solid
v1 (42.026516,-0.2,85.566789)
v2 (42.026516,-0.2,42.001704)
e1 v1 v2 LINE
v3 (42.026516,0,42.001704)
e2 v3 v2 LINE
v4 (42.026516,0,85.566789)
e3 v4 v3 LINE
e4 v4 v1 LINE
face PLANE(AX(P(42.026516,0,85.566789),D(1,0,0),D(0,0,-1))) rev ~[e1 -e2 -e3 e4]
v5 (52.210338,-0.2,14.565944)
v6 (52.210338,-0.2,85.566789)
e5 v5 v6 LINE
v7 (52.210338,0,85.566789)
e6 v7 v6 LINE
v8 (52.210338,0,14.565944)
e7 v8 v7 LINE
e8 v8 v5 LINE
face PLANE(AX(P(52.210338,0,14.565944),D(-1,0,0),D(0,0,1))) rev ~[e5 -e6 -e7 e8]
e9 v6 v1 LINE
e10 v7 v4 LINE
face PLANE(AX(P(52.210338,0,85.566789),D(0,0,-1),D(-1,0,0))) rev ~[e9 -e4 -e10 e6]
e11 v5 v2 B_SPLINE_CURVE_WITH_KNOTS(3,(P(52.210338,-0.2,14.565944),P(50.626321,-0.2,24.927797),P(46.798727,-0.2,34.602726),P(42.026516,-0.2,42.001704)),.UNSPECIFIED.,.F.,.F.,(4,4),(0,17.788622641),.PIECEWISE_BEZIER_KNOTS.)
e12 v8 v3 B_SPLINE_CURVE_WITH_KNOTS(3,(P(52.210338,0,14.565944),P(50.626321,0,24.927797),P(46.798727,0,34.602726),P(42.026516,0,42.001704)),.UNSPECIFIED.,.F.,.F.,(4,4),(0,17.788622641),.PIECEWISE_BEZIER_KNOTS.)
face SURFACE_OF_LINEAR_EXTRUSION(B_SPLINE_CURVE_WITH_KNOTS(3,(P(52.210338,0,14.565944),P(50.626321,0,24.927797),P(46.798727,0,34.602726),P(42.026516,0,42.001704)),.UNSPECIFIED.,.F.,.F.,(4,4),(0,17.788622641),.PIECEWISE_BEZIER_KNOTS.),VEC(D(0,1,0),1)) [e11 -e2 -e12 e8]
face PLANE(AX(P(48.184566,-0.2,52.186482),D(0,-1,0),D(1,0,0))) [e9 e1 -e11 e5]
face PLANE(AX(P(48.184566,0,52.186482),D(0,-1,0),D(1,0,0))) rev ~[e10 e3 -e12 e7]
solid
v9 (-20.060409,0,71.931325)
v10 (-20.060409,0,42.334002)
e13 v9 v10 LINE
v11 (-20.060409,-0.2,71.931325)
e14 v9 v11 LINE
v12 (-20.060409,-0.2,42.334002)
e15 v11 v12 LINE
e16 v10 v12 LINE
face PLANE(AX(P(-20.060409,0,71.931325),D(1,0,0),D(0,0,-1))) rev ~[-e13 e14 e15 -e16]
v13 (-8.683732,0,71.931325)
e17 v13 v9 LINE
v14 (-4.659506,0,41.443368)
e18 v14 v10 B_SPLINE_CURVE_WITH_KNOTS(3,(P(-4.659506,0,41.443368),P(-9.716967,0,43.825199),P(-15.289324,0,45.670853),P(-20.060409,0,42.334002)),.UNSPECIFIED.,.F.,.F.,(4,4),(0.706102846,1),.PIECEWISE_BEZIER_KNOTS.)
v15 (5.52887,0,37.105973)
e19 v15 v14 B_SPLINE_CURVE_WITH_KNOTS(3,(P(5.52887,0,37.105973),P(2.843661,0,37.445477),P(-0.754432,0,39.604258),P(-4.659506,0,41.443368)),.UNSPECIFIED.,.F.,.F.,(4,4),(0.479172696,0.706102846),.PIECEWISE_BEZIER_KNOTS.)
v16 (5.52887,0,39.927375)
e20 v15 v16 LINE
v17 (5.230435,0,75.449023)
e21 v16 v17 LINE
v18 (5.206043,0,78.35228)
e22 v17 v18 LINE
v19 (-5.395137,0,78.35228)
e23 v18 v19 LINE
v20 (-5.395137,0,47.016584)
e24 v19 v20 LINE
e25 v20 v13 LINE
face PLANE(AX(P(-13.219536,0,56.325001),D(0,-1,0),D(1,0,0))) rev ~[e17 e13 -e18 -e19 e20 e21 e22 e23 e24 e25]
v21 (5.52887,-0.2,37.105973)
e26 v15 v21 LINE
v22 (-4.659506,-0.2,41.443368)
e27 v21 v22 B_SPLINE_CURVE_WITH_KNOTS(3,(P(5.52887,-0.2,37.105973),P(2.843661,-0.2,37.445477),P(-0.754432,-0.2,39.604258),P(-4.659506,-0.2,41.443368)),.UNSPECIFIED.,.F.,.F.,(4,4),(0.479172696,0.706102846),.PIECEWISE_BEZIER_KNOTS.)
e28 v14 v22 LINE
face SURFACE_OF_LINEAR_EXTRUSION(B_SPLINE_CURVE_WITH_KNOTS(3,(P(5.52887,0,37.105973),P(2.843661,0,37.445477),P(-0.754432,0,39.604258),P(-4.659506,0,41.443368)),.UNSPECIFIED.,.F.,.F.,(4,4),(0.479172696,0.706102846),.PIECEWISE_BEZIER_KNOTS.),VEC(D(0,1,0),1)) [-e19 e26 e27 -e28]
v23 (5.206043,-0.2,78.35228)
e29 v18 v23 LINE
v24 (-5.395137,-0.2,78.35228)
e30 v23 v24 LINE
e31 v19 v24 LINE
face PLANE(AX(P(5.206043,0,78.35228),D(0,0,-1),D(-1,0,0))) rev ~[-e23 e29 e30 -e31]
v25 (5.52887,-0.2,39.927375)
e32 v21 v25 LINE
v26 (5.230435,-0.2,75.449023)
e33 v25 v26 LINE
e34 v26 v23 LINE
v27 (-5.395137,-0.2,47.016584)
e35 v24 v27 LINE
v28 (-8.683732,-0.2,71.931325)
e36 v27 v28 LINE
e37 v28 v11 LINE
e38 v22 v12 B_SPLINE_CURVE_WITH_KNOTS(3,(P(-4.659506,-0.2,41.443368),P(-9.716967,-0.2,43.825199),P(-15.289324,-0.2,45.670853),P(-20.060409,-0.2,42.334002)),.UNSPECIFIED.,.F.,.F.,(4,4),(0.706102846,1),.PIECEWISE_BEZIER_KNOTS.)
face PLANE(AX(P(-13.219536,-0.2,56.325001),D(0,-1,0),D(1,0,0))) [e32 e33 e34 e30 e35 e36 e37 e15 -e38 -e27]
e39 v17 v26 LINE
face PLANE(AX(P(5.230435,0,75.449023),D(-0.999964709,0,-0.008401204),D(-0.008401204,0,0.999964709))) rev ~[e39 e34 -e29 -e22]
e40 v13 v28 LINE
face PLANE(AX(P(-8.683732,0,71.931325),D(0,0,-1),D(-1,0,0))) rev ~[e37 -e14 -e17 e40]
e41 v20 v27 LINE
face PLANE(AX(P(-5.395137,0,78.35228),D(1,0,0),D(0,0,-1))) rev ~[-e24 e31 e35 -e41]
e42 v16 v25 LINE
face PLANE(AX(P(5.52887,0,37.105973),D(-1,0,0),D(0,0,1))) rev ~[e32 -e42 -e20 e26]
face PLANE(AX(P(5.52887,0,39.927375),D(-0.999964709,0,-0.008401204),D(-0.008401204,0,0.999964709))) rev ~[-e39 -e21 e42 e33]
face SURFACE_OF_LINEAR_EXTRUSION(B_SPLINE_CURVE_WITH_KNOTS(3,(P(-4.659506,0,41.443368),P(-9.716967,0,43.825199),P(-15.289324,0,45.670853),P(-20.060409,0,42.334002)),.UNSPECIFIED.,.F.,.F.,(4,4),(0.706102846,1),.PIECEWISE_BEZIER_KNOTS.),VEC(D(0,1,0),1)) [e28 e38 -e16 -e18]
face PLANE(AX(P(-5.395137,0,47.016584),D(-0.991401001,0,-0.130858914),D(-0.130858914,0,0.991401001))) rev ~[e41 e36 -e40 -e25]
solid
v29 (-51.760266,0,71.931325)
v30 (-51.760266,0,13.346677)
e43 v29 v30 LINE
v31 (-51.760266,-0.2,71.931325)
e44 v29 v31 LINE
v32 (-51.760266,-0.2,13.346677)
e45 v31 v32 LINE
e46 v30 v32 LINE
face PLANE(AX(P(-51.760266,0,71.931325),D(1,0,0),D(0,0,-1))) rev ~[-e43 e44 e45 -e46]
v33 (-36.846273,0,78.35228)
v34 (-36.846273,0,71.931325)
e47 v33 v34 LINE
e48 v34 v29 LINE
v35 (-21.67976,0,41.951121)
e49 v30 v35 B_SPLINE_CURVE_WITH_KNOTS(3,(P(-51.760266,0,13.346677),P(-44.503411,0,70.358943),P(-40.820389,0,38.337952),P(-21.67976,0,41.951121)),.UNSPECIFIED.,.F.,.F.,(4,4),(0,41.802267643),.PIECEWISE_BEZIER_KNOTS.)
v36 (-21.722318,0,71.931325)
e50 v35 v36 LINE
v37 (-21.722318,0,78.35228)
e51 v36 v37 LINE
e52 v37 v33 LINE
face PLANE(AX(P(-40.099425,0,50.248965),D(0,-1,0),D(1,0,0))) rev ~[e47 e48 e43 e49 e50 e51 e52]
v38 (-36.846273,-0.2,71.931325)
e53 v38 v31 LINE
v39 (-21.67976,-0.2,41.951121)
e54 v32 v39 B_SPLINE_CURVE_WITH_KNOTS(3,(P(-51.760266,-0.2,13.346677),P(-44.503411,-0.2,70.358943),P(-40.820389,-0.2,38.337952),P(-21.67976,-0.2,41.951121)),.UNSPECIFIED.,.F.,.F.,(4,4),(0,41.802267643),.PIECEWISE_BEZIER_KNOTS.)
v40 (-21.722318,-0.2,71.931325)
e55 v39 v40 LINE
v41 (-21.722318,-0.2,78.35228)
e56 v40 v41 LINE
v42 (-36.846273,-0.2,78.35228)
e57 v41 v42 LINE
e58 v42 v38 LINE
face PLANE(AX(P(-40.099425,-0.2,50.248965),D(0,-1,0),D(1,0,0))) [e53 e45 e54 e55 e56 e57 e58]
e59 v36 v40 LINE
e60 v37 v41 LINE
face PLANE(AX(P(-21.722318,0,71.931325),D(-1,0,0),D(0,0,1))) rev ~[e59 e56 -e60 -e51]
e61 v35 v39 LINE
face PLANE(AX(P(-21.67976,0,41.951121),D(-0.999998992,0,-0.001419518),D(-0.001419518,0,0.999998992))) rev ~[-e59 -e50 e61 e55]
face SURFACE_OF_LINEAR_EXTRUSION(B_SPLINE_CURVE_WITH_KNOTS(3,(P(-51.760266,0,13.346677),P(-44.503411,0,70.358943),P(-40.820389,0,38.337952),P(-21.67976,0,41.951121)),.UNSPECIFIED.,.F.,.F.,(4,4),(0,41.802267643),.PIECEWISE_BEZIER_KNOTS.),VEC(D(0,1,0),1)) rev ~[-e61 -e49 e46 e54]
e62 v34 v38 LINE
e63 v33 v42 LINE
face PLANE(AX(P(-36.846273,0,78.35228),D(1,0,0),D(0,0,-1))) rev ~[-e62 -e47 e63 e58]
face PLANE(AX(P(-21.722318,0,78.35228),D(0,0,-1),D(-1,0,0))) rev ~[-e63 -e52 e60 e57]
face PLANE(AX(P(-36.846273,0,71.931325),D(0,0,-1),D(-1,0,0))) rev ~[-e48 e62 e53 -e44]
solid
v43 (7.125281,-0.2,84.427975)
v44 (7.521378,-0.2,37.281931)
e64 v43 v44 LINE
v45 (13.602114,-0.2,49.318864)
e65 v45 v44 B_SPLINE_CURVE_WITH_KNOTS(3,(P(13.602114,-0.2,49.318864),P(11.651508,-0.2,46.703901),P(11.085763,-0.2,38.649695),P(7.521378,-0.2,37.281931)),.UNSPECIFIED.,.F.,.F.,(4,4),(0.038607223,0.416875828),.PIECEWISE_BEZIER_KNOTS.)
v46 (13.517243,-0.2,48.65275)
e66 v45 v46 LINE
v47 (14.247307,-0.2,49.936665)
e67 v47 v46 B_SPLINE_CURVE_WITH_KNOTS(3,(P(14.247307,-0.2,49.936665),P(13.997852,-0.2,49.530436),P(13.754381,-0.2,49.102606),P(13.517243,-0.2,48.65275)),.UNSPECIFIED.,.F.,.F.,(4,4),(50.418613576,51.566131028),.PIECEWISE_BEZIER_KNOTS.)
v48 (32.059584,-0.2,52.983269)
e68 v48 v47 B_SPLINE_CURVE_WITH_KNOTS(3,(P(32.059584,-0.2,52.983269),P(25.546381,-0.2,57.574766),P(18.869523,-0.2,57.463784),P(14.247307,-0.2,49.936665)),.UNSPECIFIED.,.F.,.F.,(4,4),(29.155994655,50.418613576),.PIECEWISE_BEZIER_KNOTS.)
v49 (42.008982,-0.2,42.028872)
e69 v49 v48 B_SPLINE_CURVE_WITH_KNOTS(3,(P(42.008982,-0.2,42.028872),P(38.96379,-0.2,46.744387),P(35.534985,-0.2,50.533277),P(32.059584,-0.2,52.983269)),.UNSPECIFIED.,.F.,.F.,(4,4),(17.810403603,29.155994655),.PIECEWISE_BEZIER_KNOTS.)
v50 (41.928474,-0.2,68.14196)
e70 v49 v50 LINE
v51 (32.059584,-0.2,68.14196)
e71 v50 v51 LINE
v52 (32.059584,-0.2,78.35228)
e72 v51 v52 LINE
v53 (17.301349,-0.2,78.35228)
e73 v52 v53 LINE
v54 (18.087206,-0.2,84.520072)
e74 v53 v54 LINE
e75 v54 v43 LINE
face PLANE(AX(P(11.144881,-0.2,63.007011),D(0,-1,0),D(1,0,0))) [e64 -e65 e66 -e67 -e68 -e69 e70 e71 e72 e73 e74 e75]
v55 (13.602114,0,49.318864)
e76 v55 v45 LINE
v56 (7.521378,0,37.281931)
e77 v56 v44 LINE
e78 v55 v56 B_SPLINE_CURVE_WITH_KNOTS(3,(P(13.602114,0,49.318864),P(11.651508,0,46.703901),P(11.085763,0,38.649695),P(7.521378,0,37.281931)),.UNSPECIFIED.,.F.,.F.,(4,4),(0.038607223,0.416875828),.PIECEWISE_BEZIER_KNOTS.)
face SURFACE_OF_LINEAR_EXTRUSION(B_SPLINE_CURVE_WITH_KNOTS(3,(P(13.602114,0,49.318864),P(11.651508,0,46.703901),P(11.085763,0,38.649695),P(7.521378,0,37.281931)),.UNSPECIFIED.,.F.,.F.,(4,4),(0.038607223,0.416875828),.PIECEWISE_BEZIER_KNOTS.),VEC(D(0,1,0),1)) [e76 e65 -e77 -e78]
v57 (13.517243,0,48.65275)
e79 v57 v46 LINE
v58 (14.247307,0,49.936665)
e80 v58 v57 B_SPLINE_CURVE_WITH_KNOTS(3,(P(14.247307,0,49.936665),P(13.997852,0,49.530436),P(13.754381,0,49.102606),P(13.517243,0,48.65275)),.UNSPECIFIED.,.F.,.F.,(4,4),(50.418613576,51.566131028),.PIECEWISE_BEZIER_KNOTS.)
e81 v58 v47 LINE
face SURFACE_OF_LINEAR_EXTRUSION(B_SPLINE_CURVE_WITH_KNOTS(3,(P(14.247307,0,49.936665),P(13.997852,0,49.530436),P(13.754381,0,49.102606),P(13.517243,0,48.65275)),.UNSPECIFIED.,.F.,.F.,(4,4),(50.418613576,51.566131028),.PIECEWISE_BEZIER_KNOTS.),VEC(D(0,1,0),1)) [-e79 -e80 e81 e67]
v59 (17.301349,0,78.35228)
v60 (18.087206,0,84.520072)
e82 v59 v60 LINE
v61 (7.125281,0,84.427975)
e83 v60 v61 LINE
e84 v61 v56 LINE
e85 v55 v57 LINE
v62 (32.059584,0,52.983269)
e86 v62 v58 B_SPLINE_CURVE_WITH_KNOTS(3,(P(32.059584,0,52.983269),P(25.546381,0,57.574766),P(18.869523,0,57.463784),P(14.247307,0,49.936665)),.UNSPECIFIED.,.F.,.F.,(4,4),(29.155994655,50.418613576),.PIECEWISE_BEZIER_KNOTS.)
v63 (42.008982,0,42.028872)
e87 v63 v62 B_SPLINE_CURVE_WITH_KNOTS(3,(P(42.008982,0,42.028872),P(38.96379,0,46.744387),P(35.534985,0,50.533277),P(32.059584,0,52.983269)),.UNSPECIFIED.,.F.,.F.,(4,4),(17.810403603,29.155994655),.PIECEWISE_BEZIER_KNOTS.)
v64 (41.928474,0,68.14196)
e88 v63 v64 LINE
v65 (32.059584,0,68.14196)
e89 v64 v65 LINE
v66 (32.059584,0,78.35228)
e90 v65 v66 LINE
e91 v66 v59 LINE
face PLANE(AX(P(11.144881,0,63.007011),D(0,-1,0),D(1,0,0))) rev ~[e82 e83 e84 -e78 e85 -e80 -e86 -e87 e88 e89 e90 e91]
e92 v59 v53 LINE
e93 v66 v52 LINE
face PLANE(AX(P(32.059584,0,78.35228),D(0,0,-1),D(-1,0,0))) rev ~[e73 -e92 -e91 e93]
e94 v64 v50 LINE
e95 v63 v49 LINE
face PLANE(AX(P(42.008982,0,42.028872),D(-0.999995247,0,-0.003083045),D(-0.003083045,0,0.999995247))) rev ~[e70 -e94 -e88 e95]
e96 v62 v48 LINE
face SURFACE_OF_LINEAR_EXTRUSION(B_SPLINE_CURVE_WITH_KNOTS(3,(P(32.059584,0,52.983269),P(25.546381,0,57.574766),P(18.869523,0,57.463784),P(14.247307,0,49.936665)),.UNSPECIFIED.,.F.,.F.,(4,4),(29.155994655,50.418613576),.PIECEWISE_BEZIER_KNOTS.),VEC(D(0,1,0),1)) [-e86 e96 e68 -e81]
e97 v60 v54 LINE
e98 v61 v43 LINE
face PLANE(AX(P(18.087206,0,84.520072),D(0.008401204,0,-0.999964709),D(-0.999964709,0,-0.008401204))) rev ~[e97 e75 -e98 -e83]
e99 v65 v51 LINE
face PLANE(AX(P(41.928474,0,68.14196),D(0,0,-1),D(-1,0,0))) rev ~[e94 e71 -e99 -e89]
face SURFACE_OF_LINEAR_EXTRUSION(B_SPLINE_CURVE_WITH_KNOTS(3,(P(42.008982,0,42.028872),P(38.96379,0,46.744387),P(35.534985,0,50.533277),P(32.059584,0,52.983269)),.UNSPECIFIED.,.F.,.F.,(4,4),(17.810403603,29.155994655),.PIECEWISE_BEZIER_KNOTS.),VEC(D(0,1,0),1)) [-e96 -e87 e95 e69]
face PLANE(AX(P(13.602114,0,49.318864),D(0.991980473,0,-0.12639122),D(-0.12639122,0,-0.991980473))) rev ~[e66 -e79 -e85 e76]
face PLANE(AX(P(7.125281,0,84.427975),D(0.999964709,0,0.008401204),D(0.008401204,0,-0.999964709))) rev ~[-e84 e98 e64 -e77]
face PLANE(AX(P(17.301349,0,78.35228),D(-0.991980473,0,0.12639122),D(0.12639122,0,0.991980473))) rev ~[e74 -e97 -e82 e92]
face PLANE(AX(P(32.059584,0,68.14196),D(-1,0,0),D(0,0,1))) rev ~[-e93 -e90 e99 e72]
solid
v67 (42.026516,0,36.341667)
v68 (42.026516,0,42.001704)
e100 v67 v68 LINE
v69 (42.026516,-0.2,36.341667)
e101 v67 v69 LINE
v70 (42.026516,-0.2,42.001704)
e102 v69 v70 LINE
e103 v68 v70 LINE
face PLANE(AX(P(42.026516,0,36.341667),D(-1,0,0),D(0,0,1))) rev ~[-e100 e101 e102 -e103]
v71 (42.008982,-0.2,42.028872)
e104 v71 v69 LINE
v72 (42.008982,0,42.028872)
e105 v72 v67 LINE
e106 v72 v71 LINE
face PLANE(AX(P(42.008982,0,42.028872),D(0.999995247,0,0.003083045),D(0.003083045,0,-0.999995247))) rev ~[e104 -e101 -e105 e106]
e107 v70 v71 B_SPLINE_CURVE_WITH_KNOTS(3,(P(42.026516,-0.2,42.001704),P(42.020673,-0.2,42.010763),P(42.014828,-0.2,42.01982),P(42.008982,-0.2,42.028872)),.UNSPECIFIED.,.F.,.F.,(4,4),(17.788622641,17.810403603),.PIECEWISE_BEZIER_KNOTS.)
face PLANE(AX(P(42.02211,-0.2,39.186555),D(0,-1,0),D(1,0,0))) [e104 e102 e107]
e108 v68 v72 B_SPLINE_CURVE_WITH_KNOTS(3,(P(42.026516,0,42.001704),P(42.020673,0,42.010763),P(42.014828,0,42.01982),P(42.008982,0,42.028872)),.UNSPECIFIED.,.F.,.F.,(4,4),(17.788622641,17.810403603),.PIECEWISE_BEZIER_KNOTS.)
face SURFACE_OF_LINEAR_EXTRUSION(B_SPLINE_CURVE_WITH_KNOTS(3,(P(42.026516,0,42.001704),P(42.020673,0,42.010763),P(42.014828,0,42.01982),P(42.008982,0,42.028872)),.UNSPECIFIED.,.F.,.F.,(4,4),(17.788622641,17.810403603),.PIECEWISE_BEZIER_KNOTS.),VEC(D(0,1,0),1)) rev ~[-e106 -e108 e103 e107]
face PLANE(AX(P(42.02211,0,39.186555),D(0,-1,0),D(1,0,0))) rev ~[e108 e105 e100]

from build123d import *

# Parameters (mm, degrees)
F1_DEPTH = 0.2


with BuildPart() as f1:
    # F0 (on Front) → F1 (new body)
    with BuildSketch(Plane.XZ):
        with BuildLine():
            Line((42.0265160501, 85.5667889118), (42.0265160501, 42.0017038809))
            add(Edge.make_bspline(
                [(52.2103376721, 14.5659443964), (50.6263214067, 24.9277971004), (46.798726715, 34.6027262747), (42.0265160501, 42.0017038809)],
                knots=[0, 0, 0, 0, 17.7886226412, 17.7886226412, 17.7886226412, 17.7886226412], degree=3))
            Line((52.2103376721, 14.5659443964), (52.2103376721, 85.5667889118))
            Line((52.2103376721, 85.5667889118), (42.0265160501, 85.5667889118))
        make_face()
    extrude(amount=F1_DEPTH)


with BuildPart() as f1b:
    # F0 (on Front) → F1, piece 2 (new body)
    with BuildSketch(Plane.XZ):
        with BuildLine():
            add(Edge.make_bspline(
                [(42.0265160501, 42.0017038809), (42.0206728018, 42.0107634271), (42.0148281373, 42.0198195612), (42.008982059, 42.0288722802)],
                knots=[17.7886226412, 17.7886226412, 17.7886226412, 17.7886226412, 17.8104036031, 17.8104036031, 17.8104036031, 17.8104036031], degree=3))
            Line((42.008982059, 42.0288722802), (42.0265160501, 36.3416671753))
            Line((42.0265160501, 36.3416671753), (42.0265160501, 42.0017038809))
        make_face()
    extrude(amount=F1_DEPTH)


with BuildPart() as f1c:
    # F0 (on Front) → F1, piece 3 (new body)
    with BuildSketch(Plane.XZ):
        with BuildLine():
            Line((7.1252807975, 84.4279751182), (7.5213783231, 37.2819311913))
            add(Edge.make_bspline(
                [(13.6021144987, 49.3188639125), (11.6515076083, 46.7039014043), (11.0857627782, 38.6496951546), (7.5213783231, 37.2819311913)],
                knots=[0.0386072225, 0.0386072225, 0.0386072225, 0.0386072225, 0.4168758283, 0.4168758283, 0.4168758283, 0.4168758283], degree=3))
            Line((13.6021144987, 49.3188639125), (17.3013494809, 78.3522799611))
            Line((17.3013494809, 78.3522799611), (18.0872064084, 84.5200717449))
            Line((18.0872064084, 84.5200717449), (7.1252807975, 84.4279751182))
        make_face()
        with BuildLine():
            add(Edge.make_bspline(
                [(14.2473069167, 49.9366654104), (14.0147099203, 49.7959858627), (13.8011992575, 49.5857547877), (13.6021144987, 49.3188639125)],
                knots=[0, 0, 0, 0, 0.0386072225, 0.0386072225, 0.0386072225, 0.0386072225], degree=3))
            Line((13.6021144987, 49.3188639125), (13.5172428563, 48.6527495086))
            add(Edge.make_bspline(
                [(14.2473069167, 49.9366654104), (13.9978515882, 49.5304360784), (13.7543806693, 49.1026062986), (13.5172428563, 48.6527495086)],
                knots=[50.4186135761, 50.4186135761, 50.4186135761, 50.4186135761, 51.5661310279, 51.5661310279, 51.5661310279, 51.5661310279], degree=3))
        make_face()
        with BuildLine():
            Line((17.3013494809, 78.3522799611), (13.6021144987, 49.3188639125))
            add(Edge.make_bspline(
                [(14.2473069167, 49.9366654104), (14.0147099203, 49.7959858627), (13.8011992575, 49.5857547877), (13.6021144987, 49.3188639125)],
                knots=[0, 0, 0, 0, 0.0386072225, 0.0386072225, 0.0386072225, 0.0386072225], degree=3))
            add(Edge.make_bspline(
                [(32.059583813, 52.9832693138), (25.5463812852, 57.5747660918), (18.8695229693, 57.4637835977), (14.2473069167, 49.9366654104)],
                knots=[29.1559946555, 29.1559946555, 29.1559946555, 29.1559946555, 50.4186135761, 50.4186135761, 50.4186135761, 50.4186135761], degree=3))
            Line((32.059583813, 52.9832693138), (32.059583813, 68.1419596076))
            Line((32.059583813, 68.1419596076), (32.059583813, 78.3522799611))
            Line((32.059583813, 78.3522799611), (17.3013494809, 78.3522799611))
        make_face()
        with BuildLine():
            Line((32.059583813, 68.1419596076), (32.059583813, 52.9832693138))
            add(Edge.make_bspline(
                [(42.008982059, 42.0288722802), (38.9637899353, 46.7443870322), (35.5349850604, 50.5332773841), (32.059583813, 52.9832693138)],
                knots=[17.8104036031, 17.8104036031, 17.8104036031, 17.8104036031, 29.1559946555, 29.1559946555, 29.1559946555, 29.1559946555], degree=3))
            Line((42.008982059, 42.0288722802), (41.92847386, 68.1419596076))
            Line((41.92847386, 68.1419596076), (32.059583813, 68.1419596076))
        make_face()
    extrude(amount=F1_DEPTH)


with BuildPart() as f1d:
    # F0 (on Front) → F1, piece 4 (new body)
    with BuildSketch(Plane.XZ):
        with BuildLine():
            Line((-20.0604088604, 71.9313248997), (-20.0604088604, 42.3340015113))
            add(Edge.make_bspline(
                [(-4.6595064663, 41.4433681081), (-9.7169673407, 43.8251994711), (-15.2893241305, 45.6708528822), (-20.0604088604, 42.3340015113)],
                knots=[0.7061028455, 0.7061028455, 0.7061028455, 0.7061028455, 1, 1, 1, 1], degree=3))
            Line((-4.6595064663, 41.4433681081), (-5.3951371364, 47.0165840466))
            Line((-5.3951371364, 47.0165840466), (-8.6837316773, 71.9313248997))
            Line((-8.6837316773, 71.9313248997), (-20.0604088604, 71.9313248997))
        make_face()
        with BuildLine():
            Line((5.5288702365, 37.1059729166), (-4.6595064663, 41.4433681081))
            add(Edge.make_bspline(
                [(5.5288702365, 37.1059729166), (2.8436608893, 37.4454765517), (-0.7544317275, 39.6042575903), (-4.6595064663, 41.4433681081)],
                knots=[0.4791726958, 0.4791726958, 0.4791726958, 0.4791726958, 0.7061028455, 0.7061028455, 0.7061028455, 0.7061028455], degree=3))
        make_face()
        Polygon((-5.3951371364, 47.0165840466), (-4.6595064663, 41.4433681081), (5.5288702365, 37.1059729166), (5.5288702365, 39.9273749396), (5.2304350846, 75.449022689), (5.2060433663, 78.3522799611), (-5.3951371364, 78.3522799611), (-5.3951371364, 71.9313248992), align=None)
    extrude(amount=F1_DEPTH)


with BuildPart() as f1e:
    # F0 (on Front) → F1, piece 5 (new body)
    with BuildSketch(Plane.XZ):
        with BuildLine():
            Line((-51.7602663786, 71.9313248992), (-51.7602663786, 13.3466769951))
            add(Edge.make_bspline(
                [(-51.7602663786, 13.3466769951), (-44.50341147, 70.3589431095), (-40.8203894278, 38.3379522292), (-21.6797601847, 41.9511213831)],
                knots=[0, 0, 0, 0, 41.8022676431, 41.8022676431, 41.8022676431, 41.8022676431], degree=3))
            Line((-21.6797601847, 41.9511213831), (-21.7223176733, 47.0165840466))
            Line((-21.7223176733, 47.0165840466), (-21.7223176733, 71.9313248992))
            Line((-21.7223176733, 71.9313248992), (-21.7223176733, 78.3522799611))
            Line((-21.7223176733, 78.3522799611), (-36.8462726475, 78.3522799611))
            Line((-36.8462726475, 78.3522799611), (-36.8462726475, 71.9313248992))
            Line((-36.8462726475, 71.9313248992), (-51.7602663786, 71.9313248992))
        make_face()
        Polygon((-21.7223176733, 47.0165840466), (-21.6797601847, 41.9511213831), (-21.7223176733, 71.9313248992), align=None)
    extrude(amount=F1_DEPTH)


solid = Compound([f1.part, f1b.part, f1c.part, f1d.part, f1e.part])
